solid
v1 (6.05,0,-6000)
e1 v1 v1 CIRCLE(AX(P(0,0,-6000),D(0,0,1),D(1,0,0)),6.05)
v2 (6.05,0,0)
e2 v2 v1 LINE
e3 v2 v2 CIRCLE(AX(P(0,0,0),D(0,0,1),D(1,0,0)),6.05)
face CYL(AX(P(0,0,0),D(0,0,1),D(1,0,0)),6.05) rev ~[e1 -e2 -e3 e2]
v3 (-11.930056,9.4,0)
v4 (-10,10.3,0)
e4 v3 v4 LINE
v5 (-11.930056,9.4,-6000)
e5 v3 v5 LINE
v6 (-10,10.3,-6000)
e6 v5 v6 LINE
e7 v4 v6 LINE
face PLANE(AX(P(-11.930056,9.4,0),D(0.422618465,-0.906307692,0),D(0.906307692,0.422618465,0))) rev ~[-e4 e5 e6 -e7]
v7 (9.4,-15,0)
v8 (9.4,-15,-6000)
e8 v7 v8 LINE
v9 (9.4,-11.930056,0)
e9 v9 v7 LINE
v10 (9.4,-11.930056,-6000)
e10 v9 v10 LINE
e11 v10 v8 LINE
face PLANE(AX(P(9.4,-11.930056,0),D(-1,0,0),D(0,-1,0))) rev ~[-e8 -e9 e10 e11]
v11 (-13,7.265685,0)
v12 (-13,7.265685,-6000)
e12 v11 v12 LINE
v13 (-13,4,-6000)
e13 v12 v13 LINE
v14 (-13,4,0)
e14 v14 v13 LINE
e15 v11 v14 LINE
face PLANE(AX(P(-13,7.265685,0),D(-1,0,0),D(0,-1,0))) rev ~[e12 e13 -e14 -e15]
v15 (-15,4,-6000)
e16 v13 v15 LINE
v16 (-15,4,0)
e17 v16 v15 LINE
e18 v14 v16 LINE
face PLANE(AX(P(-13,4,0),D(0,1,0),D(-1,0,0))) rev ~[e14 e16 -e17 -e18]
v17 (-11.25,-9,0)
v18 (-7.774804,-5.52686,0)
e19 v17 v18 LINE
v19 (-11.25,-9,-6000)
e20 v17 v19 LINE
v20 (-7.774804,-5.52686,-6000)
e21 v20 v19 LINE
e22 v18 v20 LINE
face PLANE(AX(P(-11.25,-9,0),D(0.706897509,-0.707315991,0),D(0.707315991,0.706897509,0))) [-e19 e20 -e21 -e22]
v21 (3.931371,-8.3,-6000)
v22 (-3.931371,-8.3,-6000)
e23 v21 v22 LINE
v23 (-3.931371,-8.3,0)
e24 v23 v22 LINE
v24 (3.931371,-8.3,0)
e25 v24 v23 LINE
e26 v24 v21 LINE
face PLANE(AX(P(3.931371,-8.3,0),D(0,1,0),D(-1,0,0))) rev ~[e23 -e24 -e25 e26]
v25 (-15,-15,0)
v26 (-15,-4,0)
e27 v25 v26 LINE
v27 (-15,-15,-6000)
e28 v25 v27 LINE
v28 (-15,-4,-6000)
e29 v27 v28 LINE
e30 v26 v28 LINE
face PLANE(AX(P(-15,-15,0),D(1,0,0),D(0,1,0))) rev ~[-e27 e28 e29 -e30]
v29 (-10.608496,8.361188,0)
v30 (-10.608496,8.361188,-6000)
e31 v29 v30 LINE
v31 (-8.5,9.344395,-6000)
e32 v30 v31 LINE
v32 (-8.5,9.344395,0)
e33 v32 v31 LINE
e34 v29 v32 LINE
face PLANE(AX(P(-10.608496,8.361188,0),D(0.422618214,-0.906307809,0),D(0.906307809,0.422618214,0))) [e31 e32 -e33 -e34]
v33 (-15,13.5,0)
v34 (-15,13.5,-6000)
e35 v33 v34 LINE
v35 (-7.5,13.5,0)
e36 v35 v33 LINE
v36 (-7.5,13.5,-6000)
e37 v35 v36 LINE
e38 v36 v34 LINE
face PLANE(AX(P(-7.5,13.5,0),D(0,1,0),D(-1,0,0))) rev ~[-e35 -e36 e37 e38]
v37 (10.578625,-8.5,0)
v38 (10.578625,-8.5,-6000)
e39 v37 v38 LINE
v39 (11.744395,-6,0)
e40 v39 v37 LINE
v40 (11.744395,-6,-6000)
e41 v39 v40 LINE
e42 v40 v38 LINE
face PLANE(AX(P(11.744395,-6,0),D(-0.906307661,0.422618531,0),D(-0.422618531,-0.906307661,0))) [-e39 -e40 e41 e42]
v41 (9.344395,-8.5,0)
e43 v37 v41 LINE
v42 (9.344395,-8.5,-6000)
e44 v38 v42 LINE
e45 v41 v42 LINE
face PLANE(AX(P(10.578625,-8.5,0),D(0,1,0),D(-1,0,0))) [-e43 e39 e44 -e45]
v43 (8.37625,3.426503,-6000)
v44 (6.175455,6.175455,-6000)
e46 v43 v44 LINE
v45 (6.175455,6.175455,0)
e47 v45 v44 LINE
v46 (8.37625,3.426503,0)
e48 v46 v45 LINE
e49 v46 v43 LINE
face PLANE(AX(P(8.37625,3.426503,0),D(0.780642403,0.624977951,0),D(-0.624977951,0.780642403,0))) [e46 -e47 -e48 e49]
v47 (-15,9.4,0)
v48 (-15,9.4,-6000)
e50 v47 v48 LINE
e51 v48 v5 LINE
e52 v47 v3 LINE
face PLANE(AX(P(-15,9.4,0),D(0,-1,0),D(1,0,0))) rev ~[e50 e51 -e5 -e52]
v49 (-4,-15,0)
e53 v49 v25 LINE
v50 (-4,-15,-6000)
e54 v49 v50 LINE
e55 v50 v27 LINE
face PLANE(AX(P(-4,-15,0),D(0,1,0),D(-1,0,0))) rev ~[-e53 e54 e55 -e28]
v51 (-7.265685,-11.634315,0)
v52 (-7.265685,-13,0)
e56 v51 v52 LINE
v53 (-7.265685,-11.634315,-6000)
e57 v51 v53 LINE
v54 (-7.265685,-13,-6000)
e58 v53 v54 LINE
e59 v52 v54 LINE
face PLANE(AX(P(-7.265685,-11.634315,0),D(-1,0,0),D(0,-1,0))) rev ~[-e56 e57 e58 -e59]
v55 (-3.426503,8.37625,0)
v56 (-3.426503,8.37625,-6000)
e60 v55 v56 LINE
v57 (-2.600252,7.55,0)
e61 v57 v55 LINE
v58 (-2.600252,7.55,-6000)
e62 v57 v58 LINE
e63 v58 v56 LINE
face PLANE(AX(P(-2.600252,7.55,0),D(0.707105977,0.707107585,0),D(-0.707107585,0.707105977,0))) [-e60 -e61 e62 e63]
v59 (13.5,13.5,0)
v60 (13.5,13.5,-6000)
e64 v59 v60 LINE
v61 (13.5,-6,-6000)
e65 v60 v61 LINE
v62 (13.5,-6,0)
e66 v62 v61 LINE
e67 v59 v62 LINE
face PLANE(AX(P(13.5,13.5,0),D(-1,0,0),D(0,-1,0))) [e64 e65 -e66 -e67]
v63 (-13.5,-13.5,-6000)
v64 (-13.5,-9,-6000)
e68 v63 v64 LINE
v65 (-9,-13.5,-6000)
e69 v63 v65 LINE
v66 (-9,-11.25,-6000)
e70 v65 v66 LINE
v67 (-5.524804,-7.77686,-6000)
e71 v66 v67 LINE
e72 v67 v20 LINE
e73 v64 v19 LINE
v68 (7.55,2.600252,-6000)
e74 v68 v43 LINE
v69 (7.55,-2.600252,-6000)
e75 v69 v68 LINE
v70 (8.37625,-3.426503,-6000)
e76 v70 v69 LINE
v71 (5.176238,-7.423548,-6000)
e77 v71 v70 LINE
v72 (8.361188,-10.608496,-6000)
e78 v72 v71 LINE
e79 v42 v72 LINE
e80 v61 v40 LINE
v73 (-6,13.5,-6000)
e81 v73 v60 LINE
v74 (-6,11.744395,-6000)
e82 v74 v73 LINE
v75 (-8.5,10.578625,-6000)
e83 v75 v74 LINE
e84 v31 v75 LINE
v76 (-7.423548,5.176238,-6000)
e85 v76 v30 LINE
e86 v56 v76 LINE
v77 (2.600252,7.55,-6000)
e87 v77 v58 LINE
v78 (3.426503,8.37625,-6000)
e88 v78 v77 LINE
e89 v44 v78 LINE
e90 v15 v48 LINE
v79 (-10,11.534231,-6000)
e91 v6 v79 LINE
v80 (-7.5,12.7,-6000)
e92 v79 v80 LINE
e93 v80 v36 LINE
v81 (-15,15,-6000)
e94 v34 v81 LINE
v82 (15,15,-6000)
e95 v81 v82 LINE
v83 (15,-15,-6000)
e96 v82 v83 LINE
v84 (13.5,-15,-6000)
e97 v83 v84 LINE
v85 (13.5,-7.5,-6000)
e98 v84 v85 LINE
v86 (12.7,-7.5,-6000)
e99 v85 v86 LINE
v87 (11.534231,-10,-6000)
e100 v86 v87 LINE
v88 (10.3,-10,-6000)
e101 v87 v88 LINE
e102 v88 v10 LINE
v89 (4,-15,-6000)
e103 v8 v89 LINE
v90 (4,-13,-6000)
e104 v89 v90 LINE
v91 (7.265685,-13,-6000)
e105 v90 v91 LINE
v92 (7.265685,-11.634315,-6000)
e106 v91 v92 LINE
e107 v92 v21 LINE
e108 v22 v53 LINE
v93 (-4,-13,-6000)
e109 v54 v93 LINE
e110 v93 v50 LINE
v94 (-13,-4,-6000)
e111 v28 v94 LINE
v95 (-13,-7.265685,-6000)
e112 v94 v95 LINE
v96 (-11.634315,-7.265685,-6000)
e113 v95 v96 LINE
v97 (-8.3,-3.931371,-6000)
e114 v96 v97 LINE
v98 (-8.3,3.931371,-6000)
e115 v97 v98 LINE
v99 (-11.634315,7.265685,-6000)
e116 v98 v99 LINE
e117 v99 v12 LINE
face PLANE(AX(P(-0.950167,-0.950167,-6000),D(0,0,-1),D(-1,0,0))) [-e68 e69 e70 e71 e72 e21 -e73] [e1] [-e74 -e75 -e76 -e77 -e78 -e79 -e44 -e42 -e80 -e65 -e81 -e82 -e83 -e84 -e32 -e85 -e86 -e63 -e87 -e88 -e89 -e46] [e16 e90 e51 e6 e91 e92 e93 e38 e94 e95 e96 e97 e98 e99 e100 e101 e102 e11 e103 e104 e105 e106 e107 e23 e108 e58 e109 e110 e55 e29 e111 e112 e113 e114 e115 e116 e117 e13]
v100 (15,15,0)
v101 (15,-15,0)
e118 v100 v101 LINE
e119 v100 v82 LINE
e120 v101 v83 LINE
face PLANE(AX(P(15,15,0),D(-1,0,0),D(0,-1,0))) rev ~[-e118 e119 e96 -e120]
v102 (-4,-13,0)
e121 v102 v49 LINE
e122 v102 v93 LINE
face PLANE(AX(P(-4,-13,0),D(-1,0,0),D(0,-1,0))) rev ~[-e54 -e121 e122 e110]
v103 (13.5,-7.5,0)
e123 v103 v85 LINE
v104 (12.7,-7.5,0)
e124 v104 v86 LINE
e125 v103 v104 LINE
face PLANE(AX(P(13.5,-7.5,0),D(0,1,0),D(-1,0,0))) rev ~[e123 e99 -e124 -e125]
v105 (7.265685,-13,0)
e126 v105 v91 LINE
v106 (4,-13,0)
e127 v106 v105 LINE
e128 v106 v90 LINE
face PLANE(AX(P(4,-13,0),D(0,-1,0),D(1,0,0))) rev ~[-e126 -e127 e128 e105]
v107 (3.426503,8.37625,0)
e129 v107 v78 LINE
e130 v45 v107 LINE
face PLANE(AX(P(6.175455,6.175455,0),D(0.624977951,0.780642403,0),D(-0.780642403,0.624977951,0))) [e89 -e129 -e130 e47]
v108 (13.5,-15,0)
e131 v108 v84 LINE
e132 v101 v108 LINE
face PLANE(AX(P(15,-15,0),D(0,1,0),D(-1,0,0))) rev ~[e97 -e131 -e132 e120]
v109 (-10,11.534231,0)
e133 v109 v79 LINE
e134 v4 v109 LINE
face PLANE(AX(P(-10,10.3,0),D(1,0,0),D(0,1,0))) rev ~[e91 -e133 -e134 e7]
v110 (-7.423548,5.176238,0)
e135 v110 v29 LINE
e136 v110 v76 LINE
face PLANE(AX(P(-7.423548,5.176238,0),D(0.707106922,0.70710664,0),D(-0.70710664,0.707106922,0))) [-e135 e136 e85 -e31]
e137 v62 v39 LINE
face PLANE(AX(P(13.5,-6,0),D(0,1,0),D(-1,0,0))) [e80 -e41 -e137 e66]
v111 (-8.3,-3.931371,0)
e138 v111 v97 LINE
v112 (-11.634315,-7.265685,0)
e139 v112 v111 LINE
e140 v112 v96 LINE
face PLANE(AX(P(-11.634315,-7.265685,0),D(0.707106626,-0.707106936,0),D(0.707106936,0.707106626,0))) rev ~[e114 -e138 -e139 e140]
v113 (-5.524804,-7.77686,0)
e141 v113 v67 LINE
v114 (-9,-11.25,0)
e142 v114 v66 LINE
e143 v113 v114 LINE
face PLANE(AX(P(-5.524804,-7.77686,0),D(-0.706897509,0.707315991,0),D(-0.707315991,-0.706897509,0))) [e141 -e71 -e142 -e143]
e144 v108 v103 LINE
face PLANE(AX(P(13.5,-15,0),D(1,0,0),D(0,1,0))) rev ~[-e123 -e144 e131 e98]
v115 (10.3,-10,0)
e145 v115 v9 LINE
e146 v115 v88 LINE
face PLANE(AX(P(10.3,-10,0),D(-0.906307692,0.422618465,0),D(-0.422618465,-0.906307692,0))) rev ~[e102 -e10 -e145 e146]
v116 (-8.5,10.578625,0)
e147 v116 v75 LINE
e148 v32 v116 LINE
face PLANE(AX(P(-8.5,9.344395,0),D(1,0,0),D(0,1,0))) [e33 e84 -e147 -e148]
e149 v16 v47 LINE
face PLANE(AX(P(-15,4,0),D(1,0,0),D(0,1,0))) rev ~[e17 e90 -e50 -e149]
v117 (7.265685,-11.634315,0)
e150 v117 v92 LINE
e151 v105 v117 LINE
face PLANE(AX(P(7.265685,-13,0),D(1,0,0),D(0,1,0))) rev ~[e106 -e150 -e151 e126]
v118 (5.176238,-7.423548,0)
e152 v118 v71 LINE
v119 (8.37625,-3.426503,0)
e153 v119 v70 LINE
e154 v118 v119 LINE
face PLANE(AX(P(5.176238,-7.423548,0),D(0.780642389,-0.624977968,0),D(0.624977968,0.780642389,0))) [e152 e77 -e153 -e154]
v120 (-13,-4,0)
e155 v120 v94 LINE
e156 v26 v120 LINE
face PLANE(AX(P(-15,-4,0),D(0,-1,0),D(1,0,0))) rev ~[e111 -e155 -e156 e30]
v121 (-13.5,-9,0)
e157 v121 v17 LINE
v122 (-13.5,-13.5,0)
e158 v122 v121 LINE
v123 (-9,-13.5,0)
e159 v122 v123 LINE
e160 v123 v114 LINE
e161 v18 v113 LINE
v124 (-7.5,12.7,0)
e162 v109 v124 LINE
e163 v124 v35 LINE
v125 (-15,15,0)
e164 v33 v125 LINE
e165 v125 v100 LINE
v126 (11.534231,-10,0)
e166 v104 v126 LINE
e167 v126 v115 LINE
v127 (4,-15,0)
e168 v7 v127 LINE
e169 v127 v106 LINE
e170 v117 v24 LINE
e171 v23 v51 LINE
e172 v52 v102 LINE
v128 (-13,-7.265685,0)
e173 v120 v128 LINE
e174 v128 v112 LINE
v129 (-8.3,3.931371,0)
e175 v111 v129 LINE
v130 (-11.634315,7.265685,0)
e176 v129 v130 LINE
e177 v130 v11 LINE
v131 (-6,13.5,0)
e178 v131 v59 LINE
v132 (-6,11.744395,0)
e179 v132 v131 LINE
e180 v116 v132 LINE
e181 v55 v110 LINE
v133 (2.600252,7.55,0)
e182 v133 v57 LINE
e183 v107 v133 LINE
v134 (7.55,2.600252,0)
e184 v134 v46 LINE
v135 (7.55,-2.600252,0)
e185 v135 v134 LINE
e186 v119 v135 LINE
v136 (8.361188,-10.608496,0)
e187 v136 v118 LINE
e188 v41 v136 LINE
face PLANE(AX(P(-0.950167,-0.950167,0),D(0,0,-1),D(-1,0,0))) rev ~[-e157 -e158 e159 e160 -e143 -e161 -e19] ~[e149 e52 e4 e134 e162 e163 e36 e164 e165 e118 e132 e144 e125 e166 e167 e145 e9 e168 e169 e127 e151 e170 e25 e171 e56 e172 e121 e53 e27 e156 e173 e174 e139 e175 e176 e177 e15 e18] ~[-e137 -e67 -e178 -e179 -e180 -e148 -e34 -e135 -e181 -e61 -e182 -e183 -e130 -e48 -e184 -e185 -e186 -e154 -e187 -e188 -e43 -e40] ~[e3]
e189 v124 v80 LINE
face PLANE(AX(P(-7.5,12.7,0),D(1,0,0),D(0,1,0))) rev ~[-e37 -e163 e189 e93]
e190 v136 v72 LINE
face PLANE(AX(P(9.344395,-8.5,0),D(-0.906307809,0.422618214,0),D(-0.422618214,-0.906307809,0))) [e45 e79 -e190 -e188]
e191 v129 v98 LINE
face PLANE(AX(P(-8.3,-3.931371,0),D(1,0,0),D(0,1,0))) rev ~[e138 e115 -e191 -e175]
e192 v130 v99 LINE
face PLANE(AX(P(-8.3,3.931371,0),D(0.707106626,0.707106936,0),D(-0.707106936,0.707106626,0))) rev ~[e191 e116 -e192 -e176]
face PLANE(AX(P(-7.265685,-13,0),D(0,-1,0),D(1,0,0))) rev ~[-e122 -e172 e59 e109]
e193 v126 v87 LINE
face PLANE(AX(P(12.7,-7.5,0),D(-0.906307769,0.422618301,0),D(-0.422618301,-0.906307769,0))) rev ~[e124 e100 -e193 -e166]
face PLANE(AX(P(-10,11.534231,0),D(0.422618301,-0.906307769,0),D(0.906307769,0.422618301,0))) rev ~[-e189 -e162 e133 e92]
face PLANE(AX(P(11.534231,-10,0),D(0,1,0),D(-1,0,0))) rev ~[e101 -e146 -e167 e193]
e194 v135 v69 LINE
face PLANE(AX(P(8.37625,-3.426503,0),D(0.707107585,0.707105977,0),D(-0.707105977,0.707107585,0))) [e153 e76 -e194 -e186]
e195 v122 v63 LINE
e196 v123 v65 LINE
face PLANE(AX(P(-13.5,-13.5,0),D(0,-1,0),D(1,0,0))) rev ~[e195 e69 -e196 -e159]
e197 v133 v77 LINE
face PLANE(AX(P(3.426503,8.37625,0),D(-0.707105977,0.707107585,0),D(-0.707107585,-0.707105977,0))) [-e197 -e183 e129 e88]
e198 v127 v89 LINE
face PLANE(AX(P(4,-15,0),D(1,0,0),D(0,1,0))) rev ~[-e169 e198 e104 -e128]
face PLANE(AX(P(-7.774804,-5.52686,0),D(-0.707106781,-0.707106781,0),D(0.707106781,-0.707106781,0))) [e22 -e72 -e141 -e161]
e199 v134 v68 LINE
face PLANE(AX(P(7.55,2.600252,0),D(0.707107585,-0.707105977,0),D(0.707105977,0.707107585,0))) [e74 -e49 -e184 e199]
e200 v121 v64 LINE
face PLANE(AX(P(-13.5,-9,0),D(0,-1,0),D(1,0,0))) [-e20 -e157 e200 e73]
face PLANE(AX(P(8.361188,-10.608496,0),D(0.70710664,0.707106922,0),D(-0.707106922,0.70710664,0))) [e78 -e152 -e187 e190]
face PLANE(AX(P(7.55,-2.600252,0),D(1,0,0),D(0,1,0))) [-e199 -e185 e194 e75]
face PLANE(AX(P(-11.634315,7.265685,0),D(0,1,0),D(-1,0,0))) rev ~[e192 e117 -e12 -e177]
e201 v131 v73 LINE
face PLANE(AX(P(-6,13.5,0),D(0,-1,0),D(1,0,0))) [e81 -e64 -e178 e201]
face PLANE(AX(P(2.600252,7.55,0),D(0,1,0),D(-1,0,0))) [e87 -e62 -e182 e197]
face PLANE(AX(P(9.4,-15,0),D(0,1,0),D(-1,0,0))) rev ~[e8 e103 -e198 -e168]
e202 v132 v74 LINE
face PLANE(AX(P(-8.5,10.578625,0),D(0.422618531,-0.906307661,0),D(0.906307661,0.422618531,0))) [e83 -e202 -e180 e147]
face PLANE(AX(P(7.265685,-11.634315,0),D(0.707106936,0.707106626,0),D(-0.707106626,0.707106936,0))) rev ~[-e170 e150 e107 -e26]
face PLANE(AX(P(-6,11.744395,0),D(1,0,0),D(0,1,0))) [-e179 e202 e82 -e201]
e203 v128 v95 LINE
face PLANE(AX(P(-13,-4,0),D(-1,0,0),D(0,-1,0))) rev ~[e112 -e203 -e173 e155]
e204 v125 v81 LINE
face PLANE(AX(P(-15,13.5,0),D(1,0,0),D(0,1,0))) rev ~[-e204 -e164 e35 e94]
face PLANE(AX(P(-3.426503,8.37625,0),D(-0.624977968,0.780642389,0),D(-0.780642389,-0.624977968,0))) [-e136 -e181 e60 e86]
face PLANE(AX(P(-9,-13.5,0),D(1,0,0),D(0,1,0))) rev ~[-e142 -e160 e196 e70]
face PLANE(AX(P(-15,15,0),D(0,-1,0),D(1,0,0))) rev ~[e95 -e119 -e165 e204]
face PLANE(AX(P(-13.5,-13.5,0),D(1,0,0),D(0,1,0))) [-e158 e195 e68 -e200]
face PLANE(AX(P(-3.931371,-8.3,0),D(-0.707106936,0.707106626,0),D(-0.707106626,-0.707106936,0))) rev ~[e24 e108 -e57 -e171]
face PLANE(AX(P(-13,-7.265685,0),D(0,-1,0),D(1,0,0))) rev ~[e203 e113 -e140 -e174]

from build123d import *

# Parameters (mm, degrees)
SKETCH1_R          = 6.05
SKETCH1_W          = 4.5
SKETCH1_H          = 4.5
EXTRUDE1_DEPTH     = 6000
CUT_EXTRUDE1_DEPTH = 6001


with BuildPart() as part:
    # Sketch1 → Extrude1 (new body)
    with BuildSketch(Plane.XY):
        Polygon((15, -14.99999999), (13.499999971, -14.99999999), (13.499999971, -7.49999999), (12.70000011, -7.49999999), (11.534230832, -9.99999999), (10.300000176, -9.99999999), (9.399999971, -11.93005553), (9.399999971, -15), (4, -15), (4, -13), (7.265685, -13), (7.265685, -11.63431525), (3.931371213, -8.3), (-3.931371213, -8.3), (-7.265685, -11.63431525), (-7.265685, -13), (-4, -13), (-4, -15), (-15, -15), (-15, -4), (-13, -4), (-13, -7.265685), (-11.63431525, -7.265685), (-8.3, -3.931371213), (-8.3, 3.931371213), (-11.63431525, 7.265685), (-13, 7.265685), (-13, 4), (-15, 4), (-15, 9.399999971), (-11.93005553, 9.399999971), (-9.99999999, 10.300000176), (-9.99999999, 11.534230832), (-7.49999999, 12.70000011), (-7.49999999, 13.499999971), (-14.999999992, 13.499999971), (-14.999999992, 15), (15, 15), align=None)
        Circle(SKETCH1_R, mode=Mode.SUBTRACT)
        Polygon((10.57862485, -8.5), (9.344395021, -8.5), (8.361187544, -10.60849553), (5.176238259, -7.423547516), (8.376249722, -3.426503268), (7.55, -2.600251667), (7.55, 2.600251667), (8.376249722, 3.426503268), (6.175454615, 6.175454615), (3.426503268, 8.376249722), (2.600251667, 7.55), (-2.600251667, 7.55), (-3.426503268, 8.376249722), (-7.423547516, 5.176238259), (-10.60849553, 8.361187544), (-8.5, 9.344395021), (-8.5, 10.57862485), (-6, 11.7443949), (-6, 13.5), (13.5, 13.5), (13.5, -6), (11.7443949, -6), align=None, mode=Mode.SUBTRACT)
        with Locations((-11.25, -11.25)):
            Rectangle(SKETCH1_W, SKETCH1_H, mode=Mode.SUBTRACT)
    extrude(amount=-EXTRUDE1_DEPTH)

    # Sketch2 → Cut-Extrude1 (cut, through all)
    with BuildSketch(Plane.XY):
        Polygon((-11.25, -9), (-7.77480438, -5.52686047), (-5.52480438, -7.77686047), (-9, -11.25), align=None)
    extrude(amount=-CUT_EXTRUDE1_DEPTH, mode=Mode.SUBTRACT)


solid = part.part
